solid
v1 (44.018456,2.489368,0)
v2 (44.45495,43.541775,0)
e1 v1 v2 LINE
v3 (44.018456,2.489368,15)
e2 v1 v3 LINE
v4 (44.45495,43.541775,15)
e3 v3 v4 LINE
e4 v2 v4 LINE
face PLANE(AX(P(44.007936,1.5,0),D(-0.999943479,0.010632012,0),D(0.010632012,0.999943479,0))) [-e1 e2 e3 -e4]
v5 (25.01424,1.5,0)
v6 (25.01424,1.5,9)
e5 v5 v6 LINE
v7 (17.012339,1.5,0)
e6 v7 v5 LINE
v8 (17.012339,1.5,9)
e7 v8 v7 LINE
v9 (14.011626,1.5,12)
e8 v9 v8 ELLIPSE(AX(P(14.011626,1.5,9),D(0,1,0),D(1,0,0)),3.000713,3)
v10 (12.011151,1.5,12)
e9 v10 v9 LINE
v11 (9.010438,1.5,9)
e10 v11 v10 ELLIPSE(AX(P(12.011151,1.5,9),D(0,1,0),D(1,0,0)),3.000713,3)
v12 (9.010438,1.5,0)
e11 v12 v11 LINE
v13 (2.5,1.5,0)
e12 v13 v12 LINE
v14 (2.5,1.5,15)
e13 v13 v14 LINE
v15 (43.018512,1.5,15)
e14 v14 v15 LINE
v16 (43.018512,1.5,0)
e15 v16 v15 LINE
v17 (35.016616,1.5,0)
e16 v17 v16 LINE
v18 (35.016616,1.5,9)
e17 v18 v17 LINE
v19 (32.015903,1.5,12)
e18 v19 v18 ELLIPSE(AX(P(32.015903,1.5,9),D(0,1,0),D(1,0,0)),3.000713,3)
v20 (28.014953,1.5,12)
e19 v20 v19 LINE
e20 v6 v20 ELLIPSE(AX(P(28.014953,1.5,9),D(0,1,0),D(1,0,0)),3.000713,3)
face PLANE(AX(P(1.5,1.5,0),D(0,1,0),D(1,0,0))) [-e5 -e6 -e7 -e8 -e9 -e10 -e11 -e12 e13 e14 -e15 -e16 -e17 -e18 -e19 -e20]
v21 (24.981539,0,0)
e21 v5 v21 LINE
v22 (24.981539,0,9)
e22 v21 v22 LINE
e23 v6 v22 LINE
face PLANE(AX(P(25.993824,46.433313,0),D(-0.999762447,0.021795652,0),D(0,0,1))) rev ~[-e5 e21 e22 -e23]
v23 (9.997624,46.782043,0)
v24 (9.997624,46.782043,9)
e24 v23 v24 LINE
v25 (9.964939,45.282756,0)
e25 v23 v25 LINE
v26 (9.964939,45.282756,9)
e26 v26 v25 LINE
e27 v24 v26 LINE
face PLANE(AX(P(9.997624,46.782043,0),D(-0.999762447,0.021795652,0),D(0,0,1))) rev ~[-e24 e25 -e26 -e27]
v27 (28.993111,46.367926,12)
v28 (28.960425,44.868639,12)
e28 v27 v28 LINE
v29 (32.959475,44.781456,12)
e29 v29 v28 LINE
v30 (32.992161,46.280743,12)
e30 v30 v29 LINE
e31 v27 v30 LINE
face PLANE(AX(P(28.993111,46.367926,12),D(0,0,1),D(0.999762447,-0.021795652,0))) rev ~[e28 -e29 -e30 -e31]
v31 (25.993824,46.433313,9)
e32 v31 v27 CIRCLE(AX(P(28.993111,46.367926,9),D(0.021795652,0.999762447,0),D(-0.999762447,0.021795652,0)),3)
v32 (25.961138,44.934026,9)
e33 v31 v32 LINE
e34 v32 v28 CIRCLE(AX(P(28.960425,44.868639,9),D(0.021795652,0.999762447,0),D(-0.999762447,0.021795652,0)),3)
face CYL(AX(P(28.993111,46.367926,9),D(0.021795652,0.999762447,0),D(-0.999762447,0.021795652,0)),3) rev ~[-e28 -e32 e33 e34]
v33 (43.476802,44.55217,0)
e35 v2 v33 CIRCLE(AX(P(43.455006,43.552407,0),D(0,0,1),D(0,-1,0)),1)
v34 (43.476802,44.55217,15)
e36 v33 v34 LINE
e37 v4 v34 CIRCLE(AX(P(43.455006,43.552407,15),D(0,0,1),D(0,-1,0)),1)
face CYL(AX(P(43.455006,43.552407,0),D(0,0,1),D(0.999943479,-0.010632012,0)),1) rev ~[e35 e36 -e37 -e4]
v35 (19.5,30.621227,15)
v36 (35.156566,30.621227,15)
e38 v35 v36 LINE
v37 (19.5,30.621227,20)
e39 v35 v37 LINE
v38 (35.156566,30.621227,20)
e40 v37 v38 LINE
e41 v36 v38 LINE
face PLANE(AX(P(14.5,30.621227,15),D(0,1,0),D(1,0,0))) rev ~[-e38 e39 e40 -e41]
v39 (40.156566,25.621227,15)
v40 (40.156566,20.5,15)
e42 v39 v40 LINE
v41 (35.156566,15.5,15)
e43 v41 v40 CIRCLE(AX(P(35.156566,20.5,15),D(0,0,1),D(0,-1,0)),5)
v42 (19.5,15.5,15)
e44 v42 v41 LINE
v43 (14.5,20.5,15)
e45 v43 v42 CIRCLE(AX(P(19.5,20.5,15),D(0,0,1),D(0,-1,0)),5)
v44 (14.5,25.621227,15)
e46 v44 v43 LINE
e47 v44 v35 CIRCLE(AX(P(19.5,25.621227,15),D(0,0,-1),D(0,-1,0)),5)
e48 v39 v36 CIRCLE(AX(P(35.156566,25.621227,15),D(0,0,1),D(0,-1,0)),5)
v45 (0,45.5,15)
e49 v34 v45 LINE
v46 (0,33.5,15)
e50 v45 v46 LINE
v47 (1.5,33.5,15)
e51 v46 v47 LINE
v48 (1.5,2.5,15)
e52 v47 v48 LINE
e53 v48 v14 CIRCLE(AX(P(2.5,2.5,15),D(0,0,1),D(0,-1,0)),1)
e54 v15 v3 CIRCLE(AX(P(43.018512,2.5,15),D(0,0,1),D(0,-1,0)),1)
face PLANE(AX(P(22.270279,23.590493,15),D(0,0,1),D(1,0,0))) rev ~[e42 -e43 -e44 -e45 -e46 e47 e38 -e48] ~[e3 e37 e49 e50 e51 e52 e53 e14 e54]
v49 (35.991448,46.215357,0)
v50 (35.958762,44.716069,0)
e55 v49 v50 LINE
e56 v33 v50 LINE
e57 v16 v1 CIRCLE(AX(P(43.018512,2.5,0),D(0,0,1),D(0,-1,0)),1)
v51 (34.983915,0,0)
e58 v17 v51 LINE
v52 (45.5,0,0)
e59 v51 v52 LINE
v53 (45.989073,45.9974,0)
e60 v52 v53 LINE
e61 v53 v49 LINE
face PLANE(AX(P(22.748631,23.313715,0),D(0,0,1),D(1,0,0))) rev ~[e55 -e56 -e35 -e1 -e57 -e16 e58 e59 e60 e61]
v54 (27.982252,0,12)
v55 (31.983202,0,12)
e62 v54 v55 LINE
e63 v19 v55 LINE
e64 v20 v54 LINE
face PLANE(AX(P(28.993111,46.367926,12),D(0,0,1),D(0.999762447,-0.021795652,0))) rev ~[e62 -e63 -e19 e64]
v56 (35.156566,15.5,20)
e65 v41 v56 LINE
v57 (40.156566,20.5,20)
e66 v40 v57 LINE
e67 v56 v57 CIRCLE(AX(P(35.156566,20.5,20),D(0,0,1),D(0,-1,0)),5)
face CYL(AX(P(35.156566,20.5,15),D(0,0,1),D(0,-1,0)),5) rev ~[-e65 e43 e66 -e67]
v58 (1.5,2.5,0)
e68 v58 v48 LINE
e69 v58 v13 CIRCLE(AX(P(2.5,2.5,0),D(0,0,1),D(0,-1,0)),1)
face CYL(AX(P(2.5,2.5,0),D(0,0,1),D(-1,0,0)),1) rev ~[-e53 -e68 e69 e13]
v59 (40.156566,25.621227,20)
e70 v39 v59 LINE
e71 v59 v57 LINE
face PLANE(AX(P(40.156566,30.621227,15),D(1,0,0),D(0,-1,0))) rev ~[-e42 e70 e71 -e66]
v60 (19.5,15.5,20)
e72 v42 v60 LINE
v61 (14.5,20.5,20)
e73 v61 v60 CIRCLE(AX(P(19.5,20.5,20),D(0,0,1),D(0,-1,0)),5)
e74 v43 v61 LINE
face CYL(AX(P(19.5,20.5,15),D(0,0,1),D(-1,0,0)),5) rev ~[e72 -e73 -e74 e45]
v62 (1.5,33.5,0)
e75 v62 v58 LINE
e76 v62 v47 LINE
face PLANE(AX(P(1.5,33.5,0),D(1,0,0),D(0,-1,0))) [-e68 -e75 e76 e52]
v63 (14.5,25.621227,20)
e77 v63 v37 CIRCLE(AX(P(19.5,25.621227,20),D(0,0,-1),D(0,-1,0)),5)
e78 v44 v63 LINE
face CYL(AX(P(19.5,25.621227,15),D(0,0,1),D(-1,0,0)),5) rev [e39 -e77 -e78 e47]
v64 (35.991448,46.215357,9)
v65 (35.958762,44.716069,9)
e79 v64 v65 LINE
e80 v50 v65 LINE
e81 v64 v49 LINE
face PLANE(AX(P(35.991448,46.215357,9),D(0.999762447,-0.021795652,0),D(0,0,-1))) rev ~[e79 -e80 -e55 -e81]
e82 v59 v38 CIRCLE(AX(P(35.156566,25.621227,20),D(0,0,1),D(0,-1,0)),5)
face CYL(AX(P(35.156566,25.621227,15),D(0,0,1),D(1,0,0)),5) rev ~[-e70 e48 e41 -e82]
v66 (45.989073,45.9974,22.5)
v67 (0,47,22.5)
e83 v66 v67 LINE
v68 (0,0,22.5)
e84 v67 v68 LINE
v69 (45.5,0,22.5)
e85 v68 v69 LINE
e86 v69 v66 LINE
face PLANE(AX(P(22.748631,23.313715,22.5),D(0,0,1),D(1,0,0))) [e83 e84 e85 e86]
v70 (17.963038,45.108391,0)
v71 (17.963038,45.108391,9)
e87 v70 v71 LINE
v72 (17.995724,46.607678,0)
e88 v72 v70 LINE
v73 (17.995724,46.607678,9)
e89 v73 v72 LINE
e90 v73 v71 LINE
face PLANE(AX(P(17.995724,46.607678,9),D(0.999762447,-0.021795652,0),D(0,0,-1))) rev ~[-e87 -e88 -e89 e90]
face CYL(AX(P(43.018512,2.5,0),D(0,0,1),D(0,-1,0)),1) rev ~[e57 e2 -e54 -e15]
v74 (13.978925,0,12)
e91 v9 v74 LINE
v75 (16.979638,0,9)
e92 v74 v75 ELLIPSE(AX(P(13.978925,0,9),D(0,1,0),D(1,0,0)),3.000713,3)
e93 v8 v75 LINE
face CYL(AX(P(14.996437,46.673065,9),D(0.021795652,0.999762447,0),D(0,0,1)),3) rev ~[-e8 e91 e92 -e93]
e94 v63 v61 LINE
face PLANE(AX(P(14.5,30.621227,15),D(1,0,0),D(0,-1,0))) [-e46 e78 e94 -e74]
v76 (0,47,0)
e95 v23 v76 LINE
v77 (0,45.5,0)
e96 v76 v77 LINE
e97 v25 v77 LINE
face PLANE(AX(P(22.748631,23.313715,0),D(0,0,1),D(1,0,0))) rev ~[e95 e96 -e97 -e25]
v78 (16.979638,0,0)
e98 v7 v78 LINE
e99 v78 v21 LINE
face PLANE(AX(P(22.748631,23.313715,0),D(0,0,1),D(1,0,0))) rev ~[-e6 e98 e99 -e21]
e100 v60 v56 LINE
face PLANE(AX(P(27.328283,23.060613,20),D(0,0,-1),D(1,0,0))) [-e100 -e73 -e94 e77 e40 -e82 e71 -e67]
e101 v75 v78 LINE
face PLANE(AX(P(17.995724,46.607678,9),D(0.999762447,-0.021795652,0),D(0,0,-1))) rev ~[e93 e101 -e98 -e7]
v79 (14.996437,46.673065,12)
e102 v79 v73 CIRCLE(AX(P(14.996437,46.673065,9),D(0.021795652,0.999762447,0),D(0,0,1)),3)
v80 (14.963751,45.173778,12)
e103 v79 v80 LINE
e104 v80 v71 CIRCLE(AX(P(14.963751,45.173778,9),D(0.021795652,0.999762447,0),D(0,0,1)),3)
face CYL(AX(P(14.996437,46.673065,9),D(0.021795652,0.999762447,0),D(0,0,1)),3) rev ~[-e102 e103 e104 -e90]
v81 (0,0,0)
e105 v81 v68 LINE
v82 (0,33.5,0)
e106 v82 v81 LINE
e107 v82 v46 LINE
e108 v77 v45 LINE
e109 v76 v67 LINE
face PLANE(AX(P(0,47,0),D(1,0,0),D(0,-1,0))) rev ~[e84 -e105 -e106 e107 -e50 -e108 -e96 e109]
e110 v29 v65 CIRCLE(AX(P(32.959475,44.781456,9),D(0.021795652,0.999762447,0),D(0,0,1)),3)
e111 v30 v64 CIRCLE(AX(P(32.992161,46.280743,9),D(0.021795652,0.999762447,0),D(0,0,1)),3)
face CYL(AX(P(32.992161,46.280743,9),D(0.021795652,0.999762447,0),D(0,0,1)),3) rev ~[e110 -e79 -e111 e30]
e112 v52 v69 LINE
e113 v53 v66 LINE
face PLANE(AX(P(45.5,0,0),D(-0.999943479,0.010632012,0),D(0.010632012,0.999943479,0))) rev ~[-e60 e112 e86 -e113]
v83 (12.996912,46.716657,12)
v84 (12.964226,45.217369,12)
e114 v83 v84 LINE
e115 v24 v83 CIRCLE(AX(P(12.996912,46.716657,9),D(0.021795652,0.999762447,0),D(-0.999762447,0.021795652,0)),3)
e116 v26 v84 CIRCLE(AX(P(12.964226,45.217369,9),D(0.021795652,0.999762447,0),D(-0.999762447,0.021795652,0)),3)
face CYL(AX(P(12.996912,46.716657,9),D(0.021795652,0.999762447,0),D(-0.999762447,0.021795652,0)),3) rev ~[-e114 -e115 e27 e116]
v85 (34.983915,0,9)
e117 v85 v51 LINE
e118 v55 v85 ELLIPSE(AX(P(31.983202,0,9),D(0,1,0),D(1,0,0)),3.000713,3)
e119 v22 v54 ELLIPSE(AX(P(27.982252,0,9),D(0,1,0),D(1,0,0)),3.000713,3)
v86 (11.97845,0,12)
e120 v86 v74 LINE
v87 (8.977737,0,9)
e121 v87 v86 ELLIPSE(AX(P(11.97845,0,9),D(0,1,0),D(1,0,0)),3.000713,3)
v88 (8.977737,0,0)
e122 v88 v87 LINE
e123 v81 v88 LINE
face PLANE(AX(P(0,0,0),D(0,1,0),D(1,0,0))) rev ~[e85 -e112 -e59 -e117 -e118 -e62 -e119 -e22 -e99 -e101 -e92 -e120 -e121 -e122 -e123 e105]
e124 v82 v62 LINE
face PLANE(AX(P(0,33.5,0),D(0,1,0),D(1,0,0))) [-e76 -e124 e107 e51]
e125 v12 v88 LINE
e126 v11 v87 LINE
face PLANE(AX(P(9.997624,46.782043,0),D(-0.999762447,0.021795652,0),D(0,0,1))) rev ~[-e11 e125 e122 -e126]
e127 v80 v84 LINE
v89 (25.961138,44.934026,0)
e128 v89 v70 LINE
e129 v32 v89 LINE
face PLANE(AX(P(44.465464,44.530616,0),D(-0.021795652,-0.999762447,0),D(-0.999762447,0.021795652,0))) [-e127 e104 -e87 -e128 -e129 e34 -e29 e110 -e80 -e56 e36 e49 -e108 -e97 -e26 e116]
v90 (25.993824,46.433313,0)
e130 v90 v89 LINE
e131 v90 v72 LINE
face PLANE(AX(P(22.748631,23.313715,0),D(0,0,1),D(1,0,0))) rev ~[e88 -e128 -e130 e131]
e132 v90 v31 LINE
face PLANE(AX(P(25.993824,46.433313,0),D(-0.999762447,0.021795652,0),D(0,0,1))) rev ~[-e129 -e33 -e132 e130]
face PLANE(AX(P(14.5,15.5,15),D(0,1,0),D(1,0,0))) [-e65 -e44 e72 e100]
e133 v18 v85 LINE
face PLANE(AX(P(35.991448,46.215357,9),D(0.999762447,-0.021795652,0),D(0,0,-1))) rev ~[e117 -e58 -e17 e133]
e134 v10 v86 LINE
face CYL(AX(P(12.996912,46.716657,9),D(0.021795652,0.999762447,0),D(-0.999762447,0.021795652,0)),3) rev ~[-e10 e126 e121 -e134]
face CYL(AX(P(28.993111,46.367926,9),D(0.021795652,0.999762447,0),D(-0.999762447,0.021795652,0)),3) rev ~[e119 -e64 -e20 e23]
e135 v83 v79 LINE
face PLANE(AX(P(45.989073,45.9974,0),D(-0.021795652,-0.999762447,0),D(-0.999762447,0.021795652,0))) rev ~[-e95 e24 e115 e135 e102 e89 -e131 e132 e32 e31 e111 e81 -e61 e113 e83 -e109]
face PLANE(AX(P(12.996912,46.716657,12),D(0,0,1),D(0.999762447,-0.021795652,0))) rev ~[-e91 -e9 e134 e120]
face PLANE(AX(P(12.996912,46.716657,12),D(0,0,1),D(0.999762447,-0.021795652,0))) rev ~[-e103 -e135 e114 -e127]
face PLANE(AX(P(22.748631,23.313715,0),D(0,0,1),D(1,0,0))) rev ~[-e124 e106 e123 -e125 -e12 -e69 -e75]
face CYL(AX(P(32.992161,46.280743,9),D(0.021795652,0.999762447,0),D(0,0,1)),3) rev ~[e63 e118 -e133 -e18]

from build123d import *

# Parameters (mm, degrees)
F1_DEPTH = 22.5
F3_DEPTH = 15
F4_W     = 25.6565664813
F4_H     = 15.121226953
F5_DEPTH = 5
F6_R     = 5
F8_DEPTH = 46.9898349885
F9_R     = 1


with BuildPart() as f1:
    # F0 (on Top) → F1 (new body)
    with BuildSketch(Plane.XY):
        Polygon((0, 47), (0, 0), (45.5, 0), (45.9890725419, 45.997400014), align=None)
    extrude(amount=F1_DEPTH)

    # F2 (on Top) → F3 (cut)
    with BuildSketch(Plane.XY):
        Polygon((1.5, 33.5), (1.5, 1.5), (44.0079360013, 1.5), (44.4654638771, 44.5306159486), (0, 45.5), (0, 33.5), align=None)
    extrude(amount=F3_DEPTH, mode=Mode.SUBTRACT)

    # F4 (on face) → F5 (cut)
    with BuildSketch(Plane(origin=(0, 0, 15), x_dir=(1, 0, 0), z_dir=(0, 0, -1))):
        with Locations((27.3282832406, -23.0606134765)):
            Rectangle(F4_W, F4_H)
    extrude(amount=-F5_DEPTH, mode=Mode.SUBTRACT)

    # F6
    f6_edges = [f1.edges().sort_by_distance(p)[0] for p in [
        (14.5, 30.621227, 17.5),
        (40.156566, 30.621227, 17.5),
        (14.5, 15.5, 17.5),
        (40.156566, 15.5, 17.5),
    ]]
    fillet(f6_edges, radius=F6_R)

    # F7 (on face) → F8 (cut, through all)
    with BuildSketch(Plane(origin=(1.0241522892, 46.9776726293, 0), x_dir=(-0.9997624466, 0.0217956519, 0), z_dir=(0.0217956519, 0.9997624466, 0))):
        with BuildLine():
            Line((-16.9756043621, 0), (-8.9756043621, 0))
            Line((-8.9756043621, 0), (-8.9756043621, 9))
            ThreePointArc((-8.9756043621, 9), (-9.8542840186, 11.1213203436), (-11.9756043621, 12))
            Line((-11.9756043621, 12), (-13.9756043621, 12))
            ThreePointArc((-13.9756043621, 12), (-16.0969247057, 11.1213203436), (-16.9756043621, 9))
            Line((-16.9756043621, 9), (-16.9756043621, 0))
        make_face()
        with BuildLine():
            Line((-34.9756043621, 0), (-24.9756043621, 0))
            Line((-24.9756043621, 0), (-24.9756043621, 9))
            ThreePointArc((-24.9756043621, 9), (-25.8542840186, 11.1213203436), (-27.9756043621, 12))
            Line((-27.9756043621, 12), (-31.9756043621, 12))
            ThreePointArc((-31.9756043621, 12), (-34.0969247057, 11.1213203436), (-34.9756043621, 9))
            Line((-34.9756043621, 9), (-34.9756043621, 0))
        make_face()
    extrude(amount=-F8_DEPTH, mode=Mode.SUBTRACT)

    # F9
    f9_edges = [f1.edges().sort_by_distance(p)[0] for p in [
        (1.5, 1.5, 7.5),
        (44.007936, 1.5, 7.5),
        (44.465464, 44.530616, 7.5),
    ]]
    fillet(f9_edges, radius=F9_R)


solid = f1.part
